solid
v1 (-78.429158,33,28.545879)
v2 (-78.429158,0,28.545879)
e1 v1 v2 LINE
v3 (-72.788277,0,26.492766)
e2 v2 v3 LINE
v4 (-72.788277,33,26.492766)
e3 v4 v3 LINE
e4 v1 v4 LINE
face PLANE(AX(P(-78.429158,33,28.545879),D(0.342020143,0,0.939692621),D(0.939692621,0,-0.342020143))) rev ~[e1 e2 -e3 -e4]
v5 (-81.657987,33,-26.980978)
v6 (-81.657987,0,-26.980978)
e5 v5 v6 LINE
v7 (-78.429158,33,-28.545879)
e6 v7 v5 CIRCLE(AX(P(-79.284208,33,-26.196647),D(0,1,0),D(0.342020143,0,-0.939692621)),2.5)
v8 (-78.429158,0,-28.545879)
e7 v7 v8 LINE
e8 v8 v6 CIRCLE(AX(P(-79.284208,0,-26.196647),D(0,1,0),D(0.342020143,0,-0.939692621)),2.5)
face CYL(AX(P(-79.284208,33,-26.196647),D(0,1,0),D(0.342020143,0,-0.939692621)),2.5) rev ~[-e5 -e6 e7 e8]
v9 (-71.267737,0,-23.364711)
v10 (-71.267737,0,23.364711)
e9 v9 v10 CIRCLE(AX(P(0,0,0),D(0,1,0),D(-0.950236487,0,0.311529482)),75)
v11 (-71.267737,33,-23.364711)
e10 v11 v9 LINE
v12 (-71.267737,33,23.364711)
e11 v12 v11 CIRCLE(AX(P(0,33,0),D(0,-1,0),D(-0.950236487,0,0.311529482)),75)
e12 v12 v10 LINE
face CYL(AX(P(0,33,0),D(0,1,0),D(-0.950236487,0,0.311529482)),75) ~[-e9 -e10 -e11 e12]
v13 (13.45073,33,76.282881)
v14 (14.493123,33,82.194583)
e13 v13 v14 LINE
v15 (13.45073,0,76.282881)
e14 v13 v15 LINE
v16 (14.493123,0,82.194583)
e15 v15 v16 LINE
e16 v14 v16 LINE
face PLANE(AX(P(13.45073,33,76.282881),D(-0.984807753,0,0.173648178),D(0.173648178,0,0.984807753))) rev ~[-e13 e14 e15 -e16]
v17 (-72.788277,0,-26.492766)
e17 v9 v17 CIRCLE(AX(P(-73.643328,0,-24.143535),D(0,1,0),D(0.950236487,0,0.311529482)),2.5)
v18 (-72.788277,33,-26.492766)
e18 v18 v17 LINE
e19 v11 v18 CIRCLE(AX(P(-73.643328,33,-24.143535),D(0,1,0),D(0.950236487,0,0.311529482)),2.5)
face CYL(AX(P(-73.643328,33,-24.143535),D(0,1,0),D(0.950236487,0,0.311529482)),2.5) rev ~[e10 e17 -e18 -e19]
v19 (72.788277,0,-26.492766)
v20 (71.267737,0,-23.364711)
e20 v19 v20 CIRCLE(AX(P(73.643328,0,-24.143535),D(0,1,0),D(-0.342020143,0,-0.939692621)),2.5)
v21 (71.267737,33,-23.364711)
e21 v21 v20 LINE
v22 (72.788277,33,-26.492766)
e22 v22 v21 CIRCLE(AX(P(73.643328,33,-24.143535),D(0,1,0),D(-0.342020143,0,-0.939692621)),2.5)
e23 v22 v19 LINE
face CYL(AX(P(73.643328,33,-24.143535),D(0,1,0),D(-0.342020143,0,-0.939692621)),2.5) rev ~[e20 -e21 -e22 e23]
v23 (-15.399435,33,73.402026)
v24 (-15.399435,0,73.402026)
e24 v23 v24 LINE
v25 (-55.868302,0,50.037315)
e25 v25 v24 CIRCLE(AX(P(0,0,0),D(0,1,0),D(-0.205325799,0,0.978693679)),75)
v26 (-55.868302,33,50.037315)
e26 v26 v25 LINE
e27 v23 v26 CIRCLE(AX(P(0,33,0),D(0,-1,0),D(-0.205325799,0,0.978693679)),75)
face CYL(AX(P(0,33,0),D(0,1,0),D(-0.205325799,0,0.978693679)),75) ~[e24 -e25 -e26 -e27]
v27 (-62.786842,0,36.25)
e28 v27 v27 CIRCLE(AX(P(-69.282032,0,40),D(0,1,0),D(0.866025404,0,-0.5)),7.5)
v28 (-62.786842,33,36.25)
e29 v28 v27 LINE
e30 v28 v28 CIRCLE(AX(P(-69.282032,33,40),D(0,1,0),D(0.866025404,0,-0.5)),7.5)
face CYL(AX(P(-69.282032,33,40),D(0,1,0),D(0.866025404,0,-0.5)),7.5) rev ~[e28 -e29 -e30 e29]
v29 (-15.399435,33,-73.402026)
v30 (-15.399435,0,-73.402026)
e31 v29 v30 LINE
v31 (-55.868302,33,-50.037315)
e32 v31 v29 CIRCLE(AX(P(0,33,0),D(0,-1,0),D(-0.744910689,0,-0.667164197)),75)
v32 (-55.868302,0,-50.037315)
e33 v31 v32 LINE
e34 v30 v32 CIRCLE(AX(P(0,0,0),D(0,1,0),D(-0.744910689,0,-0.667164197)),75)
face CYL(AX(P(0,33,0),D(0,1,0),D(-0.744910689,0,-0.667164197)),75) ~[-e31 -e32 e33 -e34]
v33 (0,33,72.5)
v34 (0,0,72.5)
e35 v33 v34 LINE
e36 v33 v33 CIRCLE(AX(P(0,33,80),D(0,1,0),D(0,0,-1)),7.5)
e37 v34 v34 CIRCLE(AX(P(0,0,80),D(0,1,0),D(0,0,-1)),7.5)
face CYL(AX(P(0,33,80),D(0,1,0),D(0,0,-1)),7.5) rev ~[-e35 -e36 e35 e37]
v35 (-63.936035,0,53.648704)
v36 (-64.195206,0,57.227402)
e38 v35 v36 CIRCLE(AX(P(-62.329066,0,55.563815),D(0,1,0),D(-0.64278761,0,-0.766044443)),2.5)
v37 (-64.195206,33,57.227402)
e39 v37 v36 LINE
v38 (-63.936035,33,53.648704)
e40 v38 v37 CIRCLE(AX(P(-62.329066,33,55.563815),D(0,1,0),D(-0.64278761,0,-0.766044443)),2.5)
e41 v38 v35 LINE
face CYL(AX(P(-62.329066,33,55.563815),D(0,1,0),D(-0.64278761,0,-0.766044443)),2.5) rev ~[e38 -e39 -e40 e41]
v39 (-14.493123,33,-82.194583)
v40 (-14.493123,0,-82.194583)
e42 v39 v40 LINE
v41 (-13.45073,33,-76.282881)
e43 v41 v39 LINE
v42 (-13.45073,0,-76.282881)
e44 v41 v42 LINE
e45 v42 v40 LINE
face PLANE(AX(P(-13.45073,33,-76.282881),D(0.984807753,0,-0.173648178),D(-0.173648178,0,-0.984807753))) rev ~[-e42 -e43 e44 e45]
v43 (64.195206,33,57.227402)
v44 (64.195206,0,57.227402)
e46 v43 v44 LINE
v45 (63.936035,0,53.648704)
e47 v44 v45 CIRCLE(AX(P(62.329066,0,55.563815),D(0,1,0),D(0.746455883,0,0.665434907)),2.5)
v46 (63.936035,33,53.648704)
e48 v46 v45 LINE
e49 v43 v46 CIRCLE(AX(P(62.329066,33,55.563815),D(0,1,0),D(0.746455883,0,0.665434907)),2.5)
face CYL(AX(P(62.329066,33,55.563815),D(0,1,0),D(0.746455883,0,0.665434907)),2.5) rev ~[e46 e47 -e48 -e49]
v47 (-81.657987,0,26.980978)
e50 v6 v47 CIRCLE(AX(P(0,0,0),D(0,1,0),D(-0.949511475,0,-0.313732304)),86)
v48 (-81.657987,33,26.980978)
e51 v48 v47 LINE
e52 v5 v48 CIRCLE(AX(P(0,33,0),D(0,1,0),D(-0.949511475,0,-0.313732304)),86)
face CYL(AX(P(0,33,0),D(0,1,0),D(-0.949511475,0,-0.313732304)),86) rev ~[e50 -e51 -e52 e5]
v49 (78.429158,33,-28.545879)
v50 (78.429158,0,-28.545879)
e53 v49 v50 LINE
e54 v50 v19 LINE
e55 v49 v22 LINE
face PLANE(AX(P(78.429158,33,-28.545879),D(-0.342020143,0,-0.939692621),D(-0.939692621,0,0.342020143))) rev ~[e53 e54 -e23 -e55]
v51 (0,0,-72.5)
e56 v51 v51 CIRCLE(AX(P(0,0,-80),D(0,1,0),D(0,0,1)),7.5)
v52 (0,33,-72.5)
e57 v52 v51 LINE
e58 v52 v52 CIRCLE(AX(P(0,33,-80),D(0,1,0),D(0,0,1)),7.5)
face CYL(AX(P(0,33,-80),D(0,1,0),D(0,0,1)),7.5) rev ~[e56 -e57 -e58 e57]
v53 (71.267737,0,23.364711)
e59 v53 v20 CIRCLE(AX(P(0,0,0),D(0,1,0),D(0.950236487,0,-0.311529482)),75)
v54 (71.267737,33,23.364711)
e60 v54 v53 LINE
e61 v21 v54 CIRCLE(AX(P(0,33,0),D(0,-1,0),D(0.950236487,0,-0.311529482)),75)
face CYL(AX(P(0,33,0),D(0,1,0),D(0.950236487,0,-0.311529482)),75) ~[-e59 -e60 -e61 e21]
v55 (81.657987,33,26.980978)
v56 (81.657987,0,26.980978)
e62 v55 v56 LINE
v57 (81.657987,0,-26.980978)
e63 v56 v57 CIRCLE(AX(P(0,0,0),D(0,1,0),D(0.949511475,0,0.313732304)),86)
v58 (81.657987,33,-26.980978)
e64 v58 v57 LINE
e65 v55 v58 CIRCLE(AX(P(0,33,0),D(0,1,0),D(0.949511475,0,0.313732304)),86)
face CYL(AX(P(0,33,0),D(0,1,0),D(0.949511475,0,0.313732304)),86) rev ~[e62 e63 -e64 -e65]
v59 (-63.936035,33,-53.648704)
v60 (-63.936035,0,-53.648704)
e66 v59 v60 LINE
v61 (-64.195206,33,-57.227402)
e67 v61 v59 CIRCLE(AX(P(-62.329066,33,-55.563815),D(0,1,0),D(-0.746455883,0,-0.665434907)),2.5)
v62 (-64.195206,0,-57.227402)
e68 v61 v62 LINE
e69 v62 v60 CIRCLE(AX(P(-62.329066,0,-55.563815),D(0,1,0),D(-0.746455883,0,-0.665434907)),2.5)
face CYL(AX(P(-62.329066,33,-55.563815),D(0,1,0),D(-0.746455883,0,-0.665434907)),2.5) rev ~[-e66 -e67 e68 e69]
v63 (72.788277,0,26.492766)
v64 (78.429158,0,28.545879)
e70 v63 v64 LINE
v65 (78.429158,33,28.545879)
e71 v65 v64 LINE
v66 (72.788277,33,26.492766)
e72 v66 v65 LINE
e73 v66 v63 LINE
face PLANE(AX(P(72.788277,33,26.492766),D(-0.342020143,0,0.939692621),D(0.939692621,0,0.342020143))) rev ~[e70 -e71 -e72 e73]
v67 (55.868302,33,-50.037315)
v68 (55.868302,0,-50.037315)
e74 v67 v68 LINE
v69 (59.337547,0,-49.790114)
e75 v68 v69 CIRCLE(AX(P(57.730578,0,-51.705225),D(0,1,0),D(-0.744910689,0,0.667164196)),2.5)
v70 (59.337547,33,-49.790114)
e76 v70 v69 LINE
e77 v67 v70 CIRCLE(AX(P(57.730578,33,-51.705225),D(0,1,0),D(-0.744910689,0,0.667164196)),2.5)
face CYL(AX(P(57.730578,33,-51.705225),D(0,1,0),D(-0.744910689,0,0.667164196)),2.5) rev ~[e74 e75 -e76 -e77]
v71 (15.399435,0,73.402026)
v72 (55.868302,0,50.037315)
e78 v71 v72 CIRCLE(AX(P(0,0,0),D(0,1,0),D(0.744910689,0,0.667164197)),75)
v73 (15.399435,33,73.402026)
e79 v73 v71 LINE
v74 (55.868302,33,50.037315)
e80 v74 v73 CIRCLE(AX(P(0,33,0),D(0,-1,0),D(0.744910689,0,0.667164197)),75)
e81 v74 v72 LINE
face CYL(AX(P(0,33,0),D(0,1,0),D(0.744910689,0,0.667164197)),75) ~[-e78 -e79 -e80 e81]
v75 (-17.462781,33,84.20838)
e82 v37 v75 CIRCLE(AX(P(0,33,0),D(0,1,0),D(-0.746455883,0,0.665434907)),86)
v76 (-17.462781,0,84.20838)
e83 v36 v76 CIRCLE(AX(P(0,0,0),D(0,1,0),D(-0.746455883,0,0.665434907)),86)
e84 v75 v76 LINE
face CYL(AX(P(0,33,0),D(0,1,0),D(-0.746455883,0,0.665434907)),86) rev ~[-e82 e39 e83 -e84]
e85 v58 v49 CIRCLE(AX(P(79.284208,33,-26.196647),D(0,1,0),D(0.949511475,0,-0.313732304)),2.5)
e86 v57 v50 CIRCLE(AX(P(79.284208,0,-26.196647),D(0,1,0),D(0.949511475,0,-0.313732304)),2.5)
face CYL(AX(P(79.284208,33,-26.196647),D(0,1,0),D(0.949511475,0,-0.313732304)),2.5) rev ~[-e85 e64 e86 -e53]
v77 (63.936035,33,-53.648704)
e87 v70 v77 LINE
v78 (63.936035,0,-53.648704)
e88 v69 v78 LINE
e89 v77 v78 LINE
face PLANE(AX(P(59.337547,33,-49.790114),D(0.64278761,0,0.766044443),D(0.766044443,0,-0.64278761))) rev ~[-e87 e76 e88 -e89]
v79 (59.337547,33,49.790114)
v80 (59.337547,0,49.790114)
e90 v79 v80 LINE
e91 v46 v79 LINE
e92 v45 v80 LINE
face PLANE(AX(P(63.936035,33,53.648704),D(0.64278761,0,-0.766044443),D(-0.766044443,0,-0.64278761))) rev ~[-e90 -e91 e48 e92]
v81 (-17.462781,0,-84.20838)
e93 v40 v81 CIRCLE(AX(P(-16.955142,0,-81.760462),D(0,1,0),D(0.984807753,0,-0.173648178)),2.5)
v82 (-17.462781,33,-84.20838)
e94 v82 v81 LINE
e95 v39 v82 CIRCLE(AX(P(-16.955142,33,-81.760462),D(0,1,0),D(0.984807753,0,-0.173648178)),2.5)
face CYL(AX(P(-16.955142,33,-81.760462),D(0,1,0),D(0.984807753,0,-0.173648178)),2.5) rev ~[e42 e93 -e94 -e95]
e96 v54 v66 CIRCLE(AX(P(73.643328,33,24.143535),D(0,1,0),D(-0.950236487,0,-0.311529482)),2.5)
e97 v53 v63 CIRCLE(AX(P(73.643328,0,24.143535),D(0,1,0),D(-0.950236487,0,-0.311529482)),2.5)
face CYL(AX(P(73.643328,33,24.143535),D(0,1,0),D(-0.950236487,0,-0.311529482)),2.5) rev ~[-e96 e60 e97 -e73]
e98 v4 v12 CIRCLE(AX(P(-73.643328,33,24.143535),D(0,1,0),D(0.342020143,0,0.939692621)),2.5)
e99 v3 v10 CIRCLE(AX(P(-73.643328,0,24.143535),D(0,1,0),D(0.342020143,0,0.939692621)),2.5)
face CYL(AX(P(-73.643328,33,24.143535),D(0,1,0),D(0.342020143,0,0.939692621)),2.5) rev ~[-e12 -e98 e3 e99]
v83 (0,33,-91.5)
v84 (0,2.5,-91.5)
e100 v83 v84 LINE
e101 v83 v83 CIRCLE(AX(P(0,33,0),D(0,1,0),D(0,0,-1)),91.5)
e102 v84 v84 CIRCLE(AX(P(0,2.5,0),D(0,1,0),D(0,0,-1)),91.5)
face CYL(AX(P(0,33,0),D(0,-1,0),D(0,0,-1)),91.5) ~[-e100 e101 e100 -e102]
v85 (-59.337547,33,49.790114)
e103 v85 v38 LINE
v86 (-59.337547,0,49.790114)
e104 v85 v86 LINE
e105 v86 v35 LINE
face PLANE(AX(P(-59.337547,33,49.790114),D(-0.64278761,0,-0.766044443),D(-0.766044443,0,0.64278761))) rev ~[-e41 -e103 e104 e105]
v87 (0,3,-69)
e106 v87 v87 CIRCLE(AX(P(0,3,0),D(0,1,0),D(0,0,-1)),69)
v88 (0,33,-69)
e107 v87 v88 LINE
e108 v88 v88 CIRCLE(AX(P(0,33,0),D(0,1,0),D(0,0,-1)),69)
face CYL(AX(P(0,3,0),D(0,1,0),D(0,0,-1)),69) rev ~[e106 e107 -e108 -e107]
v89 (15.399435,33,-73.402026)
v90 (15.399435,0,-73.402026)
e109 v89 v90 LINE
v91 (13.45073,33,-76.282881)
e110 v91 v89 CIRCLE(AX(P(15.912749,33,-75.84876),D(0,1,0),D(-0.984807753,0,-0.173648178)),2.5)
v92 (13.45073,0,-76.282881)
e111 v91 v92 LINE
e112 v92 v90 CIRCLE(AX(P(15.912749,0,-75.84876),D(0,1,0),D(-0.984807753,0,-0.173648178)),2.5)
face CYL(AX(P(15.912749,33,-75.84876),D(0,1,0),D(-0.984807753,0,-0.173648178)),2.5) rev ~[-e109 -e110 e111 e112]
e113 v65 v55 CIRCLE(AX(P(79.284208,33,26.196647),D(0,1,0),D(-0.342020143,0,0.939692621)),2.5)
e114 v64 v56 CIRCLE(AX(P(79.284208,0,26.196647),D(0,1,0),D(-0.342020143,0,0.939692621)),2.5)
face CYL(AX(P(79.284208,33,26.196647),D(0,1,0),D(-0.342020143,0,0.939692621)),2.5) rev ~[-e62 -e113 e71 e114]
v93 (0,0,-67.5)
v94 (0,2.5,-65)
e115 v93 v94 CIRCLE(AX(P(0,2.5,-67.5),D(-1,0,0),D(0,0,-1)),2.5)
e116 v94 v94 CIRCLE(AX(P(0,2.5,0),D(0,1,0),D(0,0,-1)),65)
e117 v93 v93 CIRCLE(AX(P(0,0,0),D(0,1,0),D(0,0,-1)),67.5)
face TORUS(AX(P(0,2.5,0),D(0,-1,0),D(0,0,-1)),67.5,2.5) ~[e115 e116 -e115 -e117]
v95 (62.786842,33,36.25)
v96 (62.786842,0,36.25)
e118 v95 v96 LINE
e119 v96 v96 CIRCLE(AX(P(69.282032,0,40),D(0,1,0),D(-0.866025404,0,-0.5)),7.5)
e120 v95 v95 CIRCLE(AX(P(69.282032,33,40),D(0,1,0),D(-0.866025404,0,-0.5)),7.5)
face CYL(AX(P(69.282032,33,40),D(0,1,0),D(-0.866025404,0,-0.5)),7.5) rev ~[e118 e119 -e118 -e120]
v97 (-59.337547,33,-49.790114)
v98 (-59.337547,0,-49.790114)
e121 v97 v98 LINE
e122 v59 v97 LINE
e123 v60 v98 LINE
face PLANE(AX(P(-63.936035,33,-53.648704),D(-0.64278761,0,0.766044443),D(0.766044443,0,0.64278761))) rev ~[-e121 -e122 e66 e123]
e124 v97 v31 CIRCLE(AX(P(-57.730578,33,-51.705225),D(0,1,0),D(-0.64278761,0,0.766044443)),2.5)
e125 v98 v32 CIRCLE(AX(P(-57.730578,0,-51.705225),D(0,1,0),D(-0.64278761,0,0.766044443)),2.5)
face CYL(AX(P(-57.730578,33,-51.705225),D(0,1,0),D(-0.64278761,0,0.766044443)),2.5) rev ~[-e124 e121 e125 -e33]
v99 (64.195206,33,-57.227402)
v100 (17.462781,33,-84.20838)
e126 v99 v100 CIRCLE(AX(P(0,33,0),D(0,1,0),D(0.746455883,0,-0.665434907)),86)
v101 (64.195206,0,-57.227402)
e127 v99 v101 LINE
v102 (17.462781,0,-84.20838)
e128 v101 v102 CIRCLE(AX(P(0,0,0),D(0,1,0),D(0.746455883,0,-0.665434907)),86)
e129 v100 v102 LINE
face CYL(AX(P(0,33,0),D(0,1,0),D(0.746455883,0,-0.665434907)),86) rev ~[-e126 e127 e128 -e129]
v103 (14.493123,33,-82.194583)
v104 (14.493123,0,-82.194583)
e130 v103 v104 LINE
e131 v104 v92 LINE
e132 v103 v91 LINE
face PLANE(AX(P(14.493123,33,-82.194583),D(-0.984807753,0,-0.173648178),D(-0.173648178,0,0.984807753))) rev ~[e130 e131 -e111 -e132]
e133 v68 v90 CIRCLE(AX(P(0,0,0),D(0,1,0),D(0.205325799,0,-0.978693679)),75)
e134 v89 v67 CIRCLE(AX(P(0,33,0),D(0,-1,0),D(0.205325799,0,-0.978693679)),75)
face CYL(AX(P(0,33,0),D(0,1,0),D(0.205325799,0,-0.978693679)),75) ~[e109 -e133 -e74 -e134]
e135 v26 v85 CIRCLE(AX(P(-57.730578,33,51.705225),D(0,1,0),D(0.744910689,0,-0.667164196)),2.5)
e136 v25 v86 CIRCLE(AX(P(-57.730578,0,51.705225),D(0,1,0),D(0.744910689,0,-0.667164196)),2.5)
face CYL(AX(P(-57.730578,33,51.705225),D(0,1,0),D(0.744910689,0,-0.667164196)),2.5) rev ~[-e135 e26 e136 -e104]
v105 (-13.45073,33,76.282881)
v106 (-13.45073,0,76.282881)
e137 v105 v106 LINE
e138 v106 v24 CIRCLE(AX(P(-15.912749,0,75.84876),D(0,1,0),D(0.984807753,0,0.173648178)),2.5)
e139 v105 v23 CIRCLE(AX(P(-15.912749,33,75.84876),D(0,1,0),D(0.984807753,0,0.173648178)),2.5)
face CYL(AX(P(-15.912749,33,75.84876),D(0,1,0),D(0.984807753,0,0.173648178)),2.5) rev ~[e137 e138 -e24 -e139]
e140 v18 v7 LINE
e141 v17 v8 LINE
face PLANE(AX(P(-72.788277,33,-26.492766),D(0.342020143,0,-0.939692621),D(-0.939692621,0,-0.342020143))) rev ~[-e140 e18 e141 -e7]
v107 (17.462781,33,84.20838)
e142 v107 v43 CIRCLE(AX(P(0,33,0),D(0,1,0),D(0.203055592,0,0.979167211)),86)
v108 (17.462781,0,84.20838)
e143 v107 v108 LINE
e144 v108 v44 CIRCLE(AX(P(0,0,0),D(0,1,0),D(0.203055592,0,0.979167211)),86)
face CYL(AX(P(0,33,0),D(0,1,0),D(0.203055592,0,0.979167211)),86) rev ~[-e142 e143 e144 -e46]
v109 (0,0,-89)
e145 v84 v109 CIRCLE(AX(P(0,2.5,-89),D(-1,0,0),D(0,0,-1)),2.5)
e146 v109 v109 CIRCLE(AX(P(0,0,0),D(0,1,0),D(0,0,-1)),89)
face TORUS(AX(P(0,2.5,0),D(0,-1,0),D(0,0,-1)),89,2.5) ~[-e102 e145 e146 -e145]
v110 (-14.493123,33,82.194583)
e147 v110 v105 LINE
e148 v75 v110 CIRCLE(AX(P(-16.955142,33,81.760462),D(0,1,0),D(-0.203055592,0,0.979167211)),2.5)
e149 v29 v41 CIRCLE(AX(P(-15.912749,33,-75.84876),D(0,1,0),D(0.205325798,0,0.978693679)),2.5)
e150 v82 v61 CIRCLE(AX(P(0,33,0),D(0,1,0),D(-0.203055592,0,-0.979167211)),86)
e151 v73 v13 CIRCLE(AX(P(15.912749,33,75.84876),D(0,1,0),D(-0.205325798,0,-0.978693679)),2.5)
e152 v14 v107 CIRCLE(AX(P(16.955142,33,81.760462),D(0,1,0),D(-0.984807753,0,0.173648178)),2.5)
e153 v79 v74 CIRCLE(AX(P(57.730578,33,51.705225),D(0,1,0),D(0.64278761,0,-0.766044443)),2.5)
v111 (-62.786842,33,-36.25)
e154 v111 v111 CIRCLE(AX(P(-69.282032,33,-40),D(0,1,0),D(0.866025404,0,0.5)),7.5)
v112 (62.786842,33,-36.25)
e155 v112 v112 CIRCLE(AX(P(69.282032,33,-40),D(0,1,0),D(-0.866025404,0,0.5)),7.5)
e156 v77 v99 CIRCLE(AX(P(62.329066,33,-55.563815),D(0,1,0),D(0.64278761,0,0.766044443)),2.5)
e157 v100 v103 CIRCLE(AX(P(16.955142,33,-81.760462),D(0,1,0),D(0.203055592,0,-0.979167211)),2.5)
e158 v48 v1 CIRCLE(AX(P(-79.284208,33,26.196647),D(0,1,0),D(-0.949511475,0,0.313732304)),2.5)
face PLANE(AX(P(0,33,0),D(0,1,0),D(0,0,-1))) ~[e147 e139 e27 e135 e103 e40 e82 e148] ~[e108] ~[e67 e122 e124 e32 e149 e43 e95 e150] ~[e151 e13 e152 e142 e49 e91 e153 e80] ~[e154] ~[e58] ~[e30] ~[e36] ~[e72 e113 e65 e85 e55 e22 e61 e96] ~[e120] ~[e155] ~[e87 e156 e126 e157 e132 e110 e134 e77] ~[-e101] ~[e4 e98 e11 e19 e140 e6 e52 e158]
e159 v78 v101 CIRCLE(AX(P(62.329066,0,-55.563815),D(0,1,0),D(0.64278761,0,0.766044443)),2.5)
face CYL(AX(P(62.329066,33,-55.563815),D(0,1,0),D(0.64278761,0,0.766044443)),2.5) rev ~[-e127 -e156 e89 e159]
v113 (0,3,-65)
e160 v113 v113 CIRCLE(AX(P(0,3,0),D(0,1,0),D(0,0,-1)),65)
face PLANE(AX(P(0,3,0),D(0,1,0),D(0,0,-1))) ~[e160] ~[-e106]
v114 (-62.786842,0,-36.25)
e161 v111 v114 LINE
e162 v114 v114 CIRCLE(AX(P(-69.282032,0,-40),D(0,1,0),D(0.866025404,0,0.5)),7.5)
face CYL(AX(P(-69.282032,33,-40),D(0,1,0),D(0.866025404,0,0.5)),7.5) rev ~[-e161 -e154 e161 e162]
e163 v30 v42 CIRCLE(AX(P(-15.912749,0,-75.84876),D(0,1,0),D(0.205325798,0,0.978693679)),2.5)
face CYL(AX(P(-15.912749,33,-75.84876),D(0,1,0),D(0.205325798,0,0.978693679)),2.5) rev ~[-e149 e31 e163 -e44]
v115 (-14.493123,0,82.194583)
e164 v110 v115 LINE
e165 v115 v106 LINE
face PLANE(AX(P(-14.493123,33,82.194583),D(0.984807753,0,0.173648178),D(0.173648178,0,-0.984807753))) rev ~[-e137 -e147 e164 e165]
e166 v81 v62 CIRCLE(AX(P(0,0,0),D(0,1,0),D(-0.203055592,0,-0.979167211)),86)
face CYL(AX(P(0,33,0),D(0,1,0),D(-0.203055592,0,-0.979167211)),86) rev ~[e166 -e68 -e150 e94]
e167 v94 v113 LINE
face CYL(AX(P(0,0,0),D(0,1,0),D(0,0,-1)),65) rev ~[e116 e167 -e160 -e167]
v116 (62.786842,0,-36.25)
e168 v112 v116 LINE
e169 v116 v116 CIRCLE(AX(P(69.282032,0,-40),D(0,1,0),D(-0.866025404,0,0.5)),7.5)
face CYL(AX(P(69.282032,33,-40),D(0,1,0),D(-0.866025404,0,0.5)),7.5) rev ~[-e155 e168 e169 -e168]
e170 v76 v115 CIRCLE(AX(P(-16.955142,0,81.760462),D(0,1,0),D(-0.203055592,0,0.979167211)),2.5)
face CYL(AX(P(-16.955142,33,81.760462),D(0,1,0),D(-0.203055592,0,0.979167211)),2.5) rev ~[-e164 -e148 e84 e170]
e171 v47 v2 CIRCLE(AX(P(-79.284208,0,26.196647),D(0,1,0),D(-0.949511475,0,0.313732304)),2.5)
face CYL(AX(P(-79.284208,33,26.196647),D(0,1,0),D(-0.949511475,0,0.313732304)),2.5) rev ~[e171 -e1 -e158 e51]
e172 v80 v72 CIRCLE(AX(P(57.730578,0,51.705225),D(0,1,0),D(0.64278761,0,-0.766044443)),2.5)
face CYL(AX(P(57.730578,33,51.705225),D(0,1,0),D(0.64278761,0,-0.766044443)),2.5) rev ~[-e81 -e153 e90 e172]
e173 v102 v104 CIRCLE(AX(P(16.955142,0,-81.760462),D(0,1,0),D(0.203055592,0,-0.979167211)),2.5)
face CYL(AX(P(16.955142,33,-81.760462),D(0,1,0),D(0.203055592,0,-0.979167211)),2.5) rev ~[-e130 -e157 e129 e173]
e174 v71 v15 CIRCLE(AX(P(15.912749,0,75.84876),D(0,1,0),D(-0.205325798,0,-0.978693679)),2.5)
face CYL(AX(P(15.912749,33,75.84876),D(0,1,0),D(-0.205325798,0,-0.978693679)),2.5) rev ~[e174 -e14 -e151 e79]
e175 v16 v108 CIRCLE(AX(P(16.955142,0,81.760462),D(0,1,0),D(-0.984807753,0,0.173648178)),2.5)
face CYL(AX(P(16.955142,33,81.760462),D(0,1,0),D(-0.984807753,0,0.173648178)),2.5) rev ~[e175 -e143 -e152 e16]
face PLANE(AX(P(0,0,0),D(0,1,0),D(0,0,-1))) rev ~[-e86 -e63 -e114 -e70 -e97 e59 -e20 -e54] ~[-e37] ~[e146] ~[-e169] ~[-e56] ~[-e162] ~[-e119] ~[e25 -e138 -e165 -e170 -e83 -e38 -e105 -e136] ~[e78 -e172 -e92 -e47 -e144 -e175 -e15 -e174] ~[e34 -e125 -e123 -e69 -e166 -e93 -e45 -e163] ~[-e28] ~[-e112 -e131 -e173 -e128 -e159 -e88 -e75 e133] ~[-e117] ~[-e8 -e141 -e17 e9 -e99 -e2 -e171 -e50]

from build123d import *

# Parameters (mm, degrees)
SKETCH_2_R               = 7.5
CUT_EXTRUDE_1_DEPTH      = 134.542128184
CUT_EXTRUDE_2_DEPTH      = 134.542128184
PATTERN_CIRCULAR_1_COUNT = 6
FILLET_1_R               = 2.5


with BuildPart() as part:
    # 草图1 → 旋转1 (revolve)
    with BuildSketch(Plane(origin=(0, 0, 0), x_dir=(0, 0, -1), z_dir=(1, 0, 0)), mode=Mode.PRIVATE) as revolve_1_sk:
        Polygon((-91.5, 33), (-91.5, 0), (-65, 0), (-65, 3), (-69, 3), (-69, 33), align=None)
    revolve(revolve_1_sk.sketch.rotate(Axis((0, 0, 0), (0, 1, 0)), 180), axis=Axis((0, 0, 0), (0, 1, 0)))

    # 草图2 → 切除-拉伸1 (cut, through all)
    with BuildSketch(Plane(origin=(0, 33, 0), x_dir=(1, 0, 0), z_dir=(0, 1, 0))):
        with Locations(Location((0, 80, 0), (0, 0, 270))):
            Circle(SKETCH_2_R)
    cut_extrude_1 = extrude(amount=-CUT_EXTRUDE_1_DEPTH, mode=Mode.SUBTRACT)

    # 草图3 → 切除-拉伸2 (cut, through all)
    with BuildSketch(Plane(origin=(0, 33, 0), x_dir=(1, 0, 0), z_dir=(0, 1, 0))):
        with BuildLine():
            Line((-72.788277417, 26.492766383), (-78.429157814, 28.545878943))
            ThreePointArc((-78.429157814, 28.545878943), (-80.374557913, 28.44634458), (-81.65798686, 26.980978151))
            ThreePointArc((-81.65798686, 26.980978151), (-86, 0), (-81.65798686, -26.980978151))
            ThreePointArc((-81.65798686, -26.980978151), (-80.374557913, -28.44634458), (-78.429157814, -28.545878943))
            Line((-78.429157814, -28.545878943), (-72.788277417, -26.492766383))
            ThreePointArc((-72.788277417, -26.492766383), (-71.394896395, -25.236492438), (-71.267736557, -23.364711127))
            ThreePointArc((-71.267736557, -23.364711127), (-75, 0), (-71.267736557, 23.364711127))
            ThreePointArc((-71.267736557, 23.364711127), (-71.394896395, 25.236492438), (-72.788277417, 26.492766383))
        make_face()
    cut_extrude_2 = extrude(amount=-CUT_EXTRUDE_2_DEPTH, mode=Mode.SUBTRACT)

    # 阵列(圆周)1: 切除-拉伸1, 切除-拉伸2 ×6 about axis
    pattern_circular_1_axis = Axis((0, 0, 0), (0, 1, 0))
    add([cut_extrude_1.rotate(pattern_circular_1_axis, i * 360 / PATTERN_CIRCULAR_1_COUNT) for i in range(1, PATTERN_CIRCULAR_1_COUNT)], mode=Mode.SUBTRACT)
    add([cut_extrude_2.rotate(pattern_circular_1_axis, i * 360 / PATTERN_CIRCULAR_1_COUNT) for i in range(1, PATTERN_CIRCULAR_1_COUNT)], mode=Mode.SUBTRACT)

    # 圆角1
    fillet_1_edges = [part.edges().sort_by_distance(p)[0] for p in [
        (0, 0, 65),
        (0, 0, 91.5),
    ]]
    fillet(fillet_1_edges, radius=FILLET_1_R)


solid = part.part
